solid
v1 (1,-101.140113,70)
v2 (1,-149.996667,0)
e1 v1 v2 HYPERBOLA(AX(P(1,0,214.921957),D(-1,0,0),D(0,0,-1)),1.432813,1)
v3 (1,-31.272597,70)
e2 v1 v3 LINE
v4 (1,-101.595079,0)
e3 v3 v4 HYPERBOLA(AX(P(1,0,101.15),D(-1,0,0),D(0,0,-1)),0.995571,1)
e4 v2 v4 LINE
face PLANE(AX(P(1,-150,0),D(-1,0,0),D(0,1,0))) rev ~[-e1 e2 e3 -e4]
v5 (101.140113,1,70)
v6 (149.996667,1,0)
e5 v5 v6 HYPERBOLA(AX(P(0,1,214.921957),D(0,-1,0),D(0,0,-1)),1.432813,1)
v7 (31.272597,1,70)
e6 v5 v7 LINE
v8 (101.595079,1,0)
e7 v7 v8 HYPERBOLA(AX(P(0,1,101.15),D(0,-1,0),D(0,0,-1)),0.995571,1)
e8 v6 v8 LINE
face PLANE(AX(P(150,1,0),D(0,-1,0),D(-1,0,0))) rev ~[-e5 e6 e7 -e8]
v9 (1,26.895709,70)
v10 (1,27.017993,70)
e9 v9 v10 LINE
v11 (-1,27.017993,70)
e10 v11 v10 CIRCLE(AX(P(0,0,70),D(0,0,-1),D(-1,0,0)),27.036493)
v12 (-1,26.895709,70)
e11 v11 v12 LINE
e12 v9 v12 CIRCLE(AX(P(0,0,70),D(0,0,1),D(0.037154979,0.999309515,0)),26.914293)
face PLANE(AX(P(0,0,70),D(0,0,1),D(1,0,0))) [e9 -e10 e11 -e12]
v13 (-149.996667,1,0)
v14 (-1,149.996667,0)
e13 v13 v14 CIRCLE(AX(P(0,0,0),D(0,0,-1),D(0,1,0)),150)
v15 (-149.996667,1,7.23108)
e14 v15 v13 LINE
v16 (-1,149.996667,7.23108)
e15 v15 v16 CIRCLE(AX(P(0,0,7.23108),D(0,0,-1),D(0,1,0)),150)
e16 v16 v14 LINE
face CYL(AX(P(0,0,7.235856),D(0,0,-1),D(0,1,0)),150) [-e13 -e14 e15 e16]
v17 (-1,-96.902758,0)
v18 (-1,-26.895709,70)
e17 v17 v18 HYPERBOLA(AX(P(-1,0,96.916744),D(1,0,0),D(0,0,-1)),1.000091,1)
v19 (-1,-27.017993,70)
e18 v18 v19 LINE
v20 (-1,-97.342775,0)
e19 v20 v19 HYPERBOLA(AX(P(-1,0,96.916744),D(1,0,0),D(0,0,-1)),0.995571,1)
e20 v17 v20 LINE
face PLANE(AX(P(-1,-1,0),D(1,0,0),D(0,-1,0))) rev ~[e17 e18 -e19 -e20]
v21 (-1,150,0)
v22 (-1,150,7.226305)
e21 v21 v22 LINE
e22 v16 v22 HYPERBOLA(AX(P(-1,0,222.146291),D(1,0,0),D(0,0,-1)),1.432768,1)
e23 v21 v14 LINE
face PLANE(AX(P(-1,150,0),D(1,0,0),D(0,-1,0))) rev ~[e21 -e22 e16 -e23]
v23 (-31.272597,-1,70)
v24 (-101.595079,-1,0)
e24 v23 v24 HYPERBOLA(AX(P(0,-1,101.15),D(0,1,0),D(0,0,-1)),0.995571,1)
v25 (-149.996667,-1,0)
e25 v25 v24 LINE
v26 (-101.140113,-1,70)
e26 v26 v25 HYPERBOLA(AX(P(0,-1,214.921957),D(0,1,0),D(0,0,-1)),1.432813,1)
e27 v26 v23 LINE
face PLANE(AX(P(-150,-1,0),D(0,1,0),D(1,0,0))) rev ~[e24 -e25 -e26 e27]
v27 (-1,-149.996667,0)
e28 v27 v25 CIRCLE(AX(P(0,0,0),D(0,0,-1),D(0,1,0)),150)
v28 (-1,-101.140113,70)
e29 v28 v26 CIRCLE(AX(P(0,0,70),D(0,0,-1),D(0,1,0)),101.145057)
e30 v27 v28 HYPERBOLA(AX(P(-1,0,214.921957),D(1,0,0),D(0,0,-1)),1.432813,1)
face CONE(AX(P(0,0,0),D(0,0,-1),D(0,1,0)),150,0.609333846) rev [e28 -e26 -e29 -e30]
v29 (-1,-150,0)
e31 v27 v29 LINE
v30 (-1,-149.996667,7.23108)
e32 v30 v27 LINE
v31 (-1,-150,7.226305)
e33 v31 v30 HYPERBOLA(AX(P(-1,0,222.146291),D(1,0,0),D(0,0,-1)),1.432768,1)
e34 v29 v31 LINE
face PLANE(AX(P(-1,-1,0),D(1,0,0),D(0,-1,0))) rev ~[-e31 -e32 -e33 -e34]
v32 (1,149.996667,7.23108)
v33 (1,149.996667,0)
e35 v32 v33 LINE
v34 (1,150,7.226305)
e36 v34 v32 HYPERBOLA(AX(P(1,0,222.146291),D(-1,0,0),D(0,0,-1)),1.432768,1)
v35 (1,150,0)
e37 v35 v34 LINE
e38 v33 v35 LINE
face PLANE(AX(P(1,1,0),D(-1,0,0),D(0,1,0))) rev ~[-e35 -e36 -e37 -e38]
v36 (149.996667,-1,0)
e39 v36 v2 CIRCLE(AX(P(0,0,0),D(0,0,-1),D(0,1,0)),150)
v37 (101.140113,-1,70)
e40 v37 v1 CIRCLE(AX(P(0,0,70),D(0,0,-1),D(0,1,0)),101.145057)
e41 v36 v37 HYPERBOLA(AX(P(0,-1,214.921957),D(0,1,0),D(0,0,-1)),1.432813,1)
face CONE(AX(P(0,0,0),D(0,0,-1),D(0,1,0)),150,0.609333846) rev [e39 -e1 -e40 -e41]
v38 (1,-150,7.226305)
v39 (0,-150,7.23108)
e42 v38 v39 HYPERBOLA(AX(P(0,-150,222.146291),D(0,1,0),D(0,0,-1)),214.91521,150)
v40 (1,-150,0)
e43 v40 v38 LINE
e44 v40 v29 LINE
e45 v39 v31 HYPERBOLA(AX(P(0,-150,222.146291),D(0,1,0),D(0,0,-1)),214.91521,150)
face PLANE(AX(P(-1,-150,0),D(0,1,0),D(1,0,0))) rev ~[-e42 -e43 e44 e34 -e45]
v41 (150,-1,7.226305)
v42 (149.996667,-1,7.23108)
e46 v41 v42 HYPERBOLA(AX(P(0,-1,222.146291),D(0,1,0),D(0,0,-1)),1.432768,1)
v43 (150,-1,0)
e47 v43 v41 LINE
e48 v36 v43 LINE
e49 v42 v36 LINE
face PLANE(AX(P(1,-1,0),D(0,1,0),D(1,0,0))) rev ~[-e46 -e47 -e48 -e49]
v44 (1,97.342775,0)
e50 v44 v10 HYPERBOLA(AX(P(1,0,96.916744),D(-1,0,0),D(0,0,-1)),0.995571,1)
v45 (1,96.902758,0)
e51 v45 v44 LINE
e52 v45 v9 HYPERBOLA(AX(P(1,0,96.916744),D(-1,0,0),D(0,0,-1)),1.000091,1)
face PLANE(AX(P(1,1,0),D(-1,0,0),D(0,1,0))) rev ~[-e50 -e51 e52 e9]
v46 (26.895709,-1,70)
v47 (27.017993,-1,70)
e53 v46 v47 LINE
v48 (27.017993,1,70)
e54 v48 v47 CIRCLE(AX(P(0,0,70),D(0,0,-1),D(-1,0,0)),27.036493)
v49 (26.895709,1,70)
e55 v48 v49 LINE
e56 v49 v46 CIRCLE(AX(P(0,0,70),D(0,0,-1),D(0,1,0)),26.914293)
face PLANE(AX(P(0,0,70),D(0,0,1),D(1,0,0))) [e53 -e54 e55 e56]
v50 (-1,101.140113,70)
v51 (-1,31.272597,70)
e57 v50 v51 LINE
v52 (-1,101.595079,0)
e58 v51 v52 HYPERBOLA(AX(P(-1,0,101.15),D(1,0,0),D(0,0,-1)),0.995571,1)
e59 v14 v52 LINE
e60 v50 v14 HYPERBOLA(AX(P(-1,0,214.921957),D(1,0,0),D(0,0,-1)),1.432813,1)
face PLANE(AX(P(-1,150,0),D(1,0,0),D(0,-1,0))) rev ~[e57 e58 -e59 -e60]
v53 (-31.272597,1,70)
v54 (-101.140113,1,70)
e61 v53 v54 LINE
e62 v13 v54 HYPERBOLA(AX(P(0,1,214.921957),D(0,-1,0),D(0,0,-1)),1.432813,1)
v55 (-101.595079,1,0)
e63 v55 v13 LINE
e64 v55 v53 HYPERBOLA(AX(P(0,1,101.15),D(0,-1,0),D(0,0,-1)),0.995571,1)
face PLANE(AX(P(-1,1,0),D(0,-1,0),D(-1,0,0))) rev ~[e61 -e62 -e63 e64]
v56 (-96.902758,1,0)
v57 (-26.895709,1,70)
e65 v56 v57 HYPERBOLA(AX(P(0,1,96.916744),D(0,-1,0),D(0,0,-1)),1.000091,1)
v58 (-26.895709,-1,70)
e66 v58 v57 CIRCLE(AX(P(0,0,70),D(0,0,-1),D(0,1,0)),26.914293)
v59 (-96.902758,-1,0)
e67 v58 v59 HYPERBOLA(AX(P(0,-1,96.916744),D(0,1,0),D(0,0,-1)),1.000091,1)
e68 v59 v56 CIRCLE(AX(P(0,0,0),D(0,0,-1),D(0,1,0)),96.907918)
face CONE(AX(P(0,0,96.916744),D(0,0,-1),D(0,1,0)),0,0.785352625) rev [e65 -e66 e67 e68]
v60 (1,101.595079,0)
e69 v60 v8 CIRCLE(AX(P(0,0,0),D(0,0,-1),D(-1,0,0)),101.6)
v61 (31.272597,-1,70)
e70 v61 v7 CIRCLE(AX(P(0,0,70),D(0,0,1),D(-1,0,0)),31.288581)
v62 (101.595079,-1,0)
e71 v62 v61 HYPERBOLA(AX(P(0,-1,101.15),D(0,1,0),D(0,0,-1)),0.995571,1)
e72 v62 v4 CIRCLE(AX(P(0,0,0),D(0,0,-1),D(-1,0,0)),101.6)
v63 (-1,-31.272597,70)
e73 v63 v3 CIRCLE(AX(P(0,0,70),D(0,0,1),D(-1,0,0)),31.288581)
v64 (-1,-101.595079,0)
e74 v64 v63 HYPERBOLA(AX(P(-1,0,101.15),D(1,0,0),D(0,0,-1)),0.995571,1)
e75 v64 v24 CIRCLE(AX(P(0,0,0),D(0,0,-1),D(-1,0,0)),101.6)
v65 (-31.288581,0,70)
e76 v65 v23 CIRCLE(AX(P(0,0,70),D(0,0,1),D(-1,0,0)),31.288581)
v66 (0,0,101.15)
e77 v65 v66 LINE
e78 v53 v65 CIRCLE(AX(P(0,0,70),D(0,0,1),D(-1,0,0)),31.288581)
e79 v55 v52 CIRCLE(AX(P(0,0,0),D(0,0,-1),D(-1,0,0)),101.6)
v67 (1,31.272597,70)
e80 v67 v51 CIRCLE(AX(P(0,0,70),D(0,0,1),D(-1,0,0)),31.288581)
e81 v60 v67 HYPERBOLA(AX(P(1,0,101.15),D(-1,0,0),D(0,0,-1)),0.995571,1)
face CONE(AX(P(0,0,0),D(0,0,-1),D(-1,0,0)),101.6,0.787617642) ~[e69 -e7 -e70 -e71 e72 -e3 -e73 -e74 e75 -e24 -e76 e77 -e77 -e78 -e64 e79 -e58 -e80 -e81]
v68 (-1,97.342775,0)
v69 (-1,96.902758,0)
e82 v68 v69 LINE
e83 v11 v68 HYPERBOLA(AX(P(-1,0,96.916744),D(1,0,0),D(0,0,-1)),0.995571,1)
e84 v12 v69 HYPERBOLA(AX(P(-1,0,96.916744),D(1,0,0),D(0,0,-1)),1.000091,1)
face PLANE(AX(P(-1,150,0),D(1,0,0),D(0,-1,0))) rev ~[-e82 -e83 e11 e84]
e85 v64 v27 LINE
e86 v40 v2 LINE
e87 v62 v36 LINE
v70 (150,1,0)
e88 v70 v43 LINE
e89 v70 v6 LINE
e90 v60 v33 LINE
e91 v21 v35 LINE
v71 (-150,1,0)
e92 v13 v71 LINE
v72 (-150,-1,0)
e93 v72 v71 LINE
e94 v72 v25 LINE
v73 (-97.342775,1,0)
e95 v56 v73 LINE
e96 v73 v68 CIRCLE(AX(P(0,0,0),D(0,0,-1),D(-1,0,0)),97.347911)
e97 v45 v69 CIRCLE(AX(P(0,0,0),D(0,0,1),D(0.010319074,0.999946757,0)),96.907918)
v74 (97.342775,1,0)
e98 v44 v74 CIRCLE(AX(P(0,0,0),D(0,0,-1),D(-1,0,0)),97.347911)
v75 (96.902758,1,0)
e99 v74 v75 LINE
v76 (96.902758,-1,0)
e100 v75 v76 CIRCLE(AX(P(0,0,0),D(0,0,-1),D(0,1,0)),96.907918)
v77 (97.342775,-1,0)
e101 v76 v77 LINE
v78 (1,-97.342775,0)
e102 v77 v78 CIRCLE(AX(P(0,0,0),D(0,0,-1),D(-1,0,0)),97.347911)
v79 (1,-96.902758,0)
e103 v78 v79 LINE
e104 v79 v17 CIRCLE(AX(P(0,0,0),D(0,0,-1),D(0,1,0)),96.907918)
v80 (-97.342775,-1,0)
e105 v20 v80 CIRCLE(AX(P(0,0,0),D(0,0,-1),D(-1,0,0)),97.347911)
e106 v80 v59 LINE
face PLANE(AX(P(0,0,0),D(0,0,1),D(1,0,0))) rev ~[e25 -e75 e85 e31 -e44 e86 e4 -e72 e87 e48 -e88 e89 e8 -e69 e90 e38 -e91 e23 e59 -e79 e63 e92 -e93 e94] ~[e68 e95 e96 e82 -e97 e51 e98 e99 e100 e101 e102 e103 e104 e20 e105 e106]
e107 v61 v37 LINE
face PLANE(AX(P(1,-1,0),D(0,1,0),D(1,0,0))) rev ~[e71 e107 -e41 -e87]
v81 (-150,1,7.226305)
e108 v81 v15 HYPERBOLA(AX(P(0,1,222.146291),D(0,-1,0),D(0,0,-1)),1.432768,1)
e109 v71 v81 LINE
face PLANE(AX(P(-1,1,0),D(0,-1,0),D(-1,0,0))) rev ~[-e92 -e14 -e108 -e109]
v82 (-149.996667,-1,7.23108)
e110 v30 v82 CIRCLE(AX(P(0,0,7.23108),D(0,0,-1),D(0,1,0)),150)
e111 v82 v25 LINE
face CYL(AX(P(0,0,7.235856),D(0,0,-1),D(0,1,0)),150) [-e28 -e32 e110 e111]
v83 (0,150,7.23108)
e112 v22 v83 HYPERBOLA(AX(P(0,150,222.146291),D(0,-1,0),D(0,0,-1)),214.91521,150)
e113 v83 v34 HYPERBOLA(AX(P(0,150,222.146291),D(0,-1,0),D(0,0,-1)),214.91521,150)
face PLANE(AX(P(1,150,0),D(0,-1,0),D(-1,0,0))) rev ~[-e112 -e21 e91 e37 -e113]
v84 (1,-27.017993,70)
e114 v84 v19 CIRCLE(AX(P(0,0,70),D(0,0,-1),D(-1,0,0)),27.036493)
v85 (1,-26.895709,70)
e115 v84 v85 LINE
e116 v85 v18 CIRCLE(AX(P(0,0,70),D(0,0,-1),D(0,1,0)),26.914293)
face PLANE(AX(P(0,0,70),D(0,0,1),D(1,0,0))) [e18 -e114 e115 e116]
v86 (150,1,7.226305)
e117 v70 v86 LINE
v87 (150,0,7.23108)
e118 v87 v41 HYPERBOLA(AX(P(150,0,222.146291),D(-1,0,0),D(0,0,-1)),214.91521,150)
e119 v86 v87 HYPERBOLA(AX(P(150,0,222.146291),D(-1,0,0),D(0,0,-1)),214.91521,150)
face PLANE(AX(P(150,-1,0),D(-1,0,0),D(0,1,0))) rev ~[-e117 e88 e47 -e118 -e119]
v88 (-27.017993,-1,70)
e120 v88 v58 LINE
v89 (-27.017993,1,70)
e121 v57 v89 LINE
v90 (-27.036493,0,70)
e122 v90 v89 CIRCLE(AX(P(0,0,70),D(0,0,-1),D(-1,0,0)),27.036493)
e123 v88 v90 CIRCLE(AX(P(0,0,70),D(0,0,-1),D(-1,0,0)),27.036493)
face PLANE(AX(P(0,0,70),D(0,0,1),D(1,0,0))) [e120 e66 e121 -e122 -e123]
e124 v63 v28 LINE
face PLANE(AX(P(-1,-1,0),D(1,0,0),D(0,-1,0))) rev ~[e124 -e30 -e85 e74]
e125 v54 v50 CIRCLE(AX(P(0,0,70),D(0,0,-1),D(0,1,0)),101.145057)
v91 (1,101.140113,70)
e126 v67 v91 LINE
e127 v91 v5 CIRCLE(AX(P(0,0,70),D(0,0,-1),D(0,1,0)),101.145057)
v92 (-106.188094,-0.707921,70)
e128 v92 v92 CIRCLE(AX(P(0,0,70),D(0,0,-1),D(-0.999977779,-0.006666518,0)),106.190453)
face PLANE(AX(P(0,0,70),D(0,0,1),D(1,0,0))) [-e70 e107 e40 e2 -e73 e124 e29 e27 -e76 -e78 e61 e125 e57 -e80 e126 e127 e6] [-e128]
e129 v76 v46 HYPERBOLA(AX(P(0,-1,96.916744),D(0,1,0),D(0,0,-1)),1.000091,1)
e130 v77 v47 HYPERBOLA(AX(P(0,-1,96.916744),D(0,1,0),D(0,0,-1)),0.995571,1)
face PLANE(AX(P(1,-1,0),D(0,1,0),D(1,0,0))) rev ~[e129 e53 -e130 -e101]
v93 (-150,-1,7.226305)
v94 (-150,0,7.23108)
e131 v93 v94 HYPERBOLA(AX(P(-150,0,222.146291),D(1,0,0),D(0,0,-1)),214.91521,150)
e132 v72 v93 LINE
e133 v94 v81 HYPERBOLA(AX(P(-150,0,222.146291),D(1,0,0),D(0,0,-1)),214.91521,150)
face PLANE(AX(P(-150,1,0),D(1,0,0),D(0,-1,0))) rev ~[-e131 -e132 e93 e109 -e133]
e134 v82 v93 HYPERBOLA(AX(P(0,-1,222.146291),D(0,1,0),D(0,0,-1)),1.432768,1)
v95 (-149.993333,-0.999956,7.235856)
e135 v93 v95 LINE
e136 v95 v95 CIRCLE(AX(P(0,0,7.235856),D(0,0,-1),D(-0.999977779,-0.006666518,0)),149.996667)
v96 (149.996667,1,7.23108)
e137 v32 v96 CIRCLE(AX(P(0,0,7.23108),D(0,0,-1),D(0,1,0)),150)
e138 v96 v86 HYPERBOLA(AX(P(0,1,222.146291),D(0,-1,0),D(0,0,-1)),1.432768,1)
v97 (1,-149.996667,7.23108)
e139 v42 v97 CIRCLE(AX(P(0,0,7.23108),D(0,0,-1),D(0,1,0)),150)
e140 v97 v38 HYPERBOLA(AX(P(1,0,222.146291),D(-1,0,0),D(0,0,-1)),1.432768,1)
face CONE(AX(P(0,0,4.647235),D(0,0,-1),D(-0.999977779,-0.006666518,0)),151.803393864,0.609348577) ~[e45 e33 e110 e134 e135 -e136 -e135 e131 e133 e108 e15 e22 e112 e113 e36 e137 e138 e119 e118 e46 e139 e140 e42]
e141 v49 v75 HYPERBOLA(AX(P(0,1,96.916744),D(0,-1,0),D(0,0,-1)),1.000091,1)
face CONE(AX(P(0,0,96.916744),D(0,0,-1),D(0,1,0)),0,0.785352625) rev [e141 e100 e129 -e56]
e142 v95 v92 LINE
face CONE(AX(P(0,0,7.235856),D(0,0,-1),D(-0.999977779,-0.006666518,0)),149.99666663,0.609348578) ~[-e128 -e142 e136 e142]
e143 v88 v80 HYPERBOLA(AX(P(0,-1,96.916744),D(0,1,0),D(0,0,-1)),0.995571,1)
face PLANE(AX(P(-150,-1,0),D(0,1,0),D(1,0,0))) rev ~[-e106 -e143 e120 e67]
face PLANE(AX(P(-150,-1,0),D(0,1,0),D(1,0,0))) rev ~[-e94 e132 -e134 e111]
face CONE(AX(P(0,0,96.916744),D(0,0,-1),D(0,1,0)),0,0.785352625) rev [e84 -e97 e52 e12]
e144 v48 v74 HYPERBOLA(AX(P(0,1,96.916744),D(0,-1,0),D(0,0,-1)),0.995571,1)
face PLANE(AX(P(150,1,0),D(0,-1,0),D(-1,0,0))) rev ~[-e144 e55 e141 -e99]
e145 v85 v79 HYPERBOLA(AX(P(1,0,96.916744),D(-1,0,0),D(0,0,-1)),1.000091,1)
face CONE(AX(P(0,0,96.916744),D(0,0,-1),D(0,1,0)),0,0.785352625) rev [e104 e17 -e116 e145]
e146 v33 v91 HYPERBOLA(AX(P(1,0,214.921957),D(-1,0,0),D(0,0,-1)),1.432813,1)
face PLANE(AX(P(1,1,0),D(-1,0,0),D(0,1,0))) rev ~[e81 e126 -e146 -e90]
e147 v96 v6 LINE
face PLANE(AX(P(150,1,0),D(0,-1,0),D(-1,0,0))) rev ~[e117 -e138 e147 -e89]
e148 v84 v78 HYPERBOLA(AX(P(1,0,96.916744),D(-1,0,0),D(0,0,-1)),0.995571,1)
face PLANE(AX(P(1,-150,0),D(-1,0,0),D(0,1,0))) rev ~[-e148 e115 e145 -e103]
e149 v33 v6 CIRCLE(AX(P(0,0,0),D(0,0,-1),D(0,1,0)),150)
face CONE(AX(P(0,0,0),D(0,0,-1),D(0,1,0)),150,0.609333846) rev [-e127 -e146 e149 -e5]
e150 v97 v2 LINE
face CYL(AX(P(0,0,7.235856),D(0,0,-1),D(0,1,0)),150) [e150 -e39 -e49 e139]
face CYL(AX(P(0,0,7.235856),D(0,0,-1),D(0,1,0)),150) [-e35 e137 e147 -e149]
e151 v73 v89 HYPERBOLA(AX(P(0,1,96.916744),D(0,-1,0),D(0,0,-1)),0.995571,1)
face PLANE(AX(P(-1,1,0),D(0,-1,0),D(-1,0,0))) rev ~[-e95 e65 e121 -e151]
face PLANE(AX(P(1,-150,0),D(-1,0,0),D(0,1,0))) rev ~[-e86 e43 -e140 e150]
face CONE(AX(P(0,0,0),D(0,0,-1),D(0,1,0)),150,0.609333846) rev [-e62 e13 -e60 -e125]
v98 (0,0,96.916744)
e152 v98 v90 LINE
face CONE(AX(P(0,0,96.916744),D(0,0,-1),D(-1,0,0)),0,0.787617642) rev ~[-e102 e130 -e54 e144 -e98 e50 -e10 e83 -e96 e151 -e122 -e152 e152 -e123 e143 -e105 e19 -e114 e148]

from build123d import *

# Parameters (mm, degrees)
BOSS_EXTRUDE1_DEPTH = 70


with BuildPart() as part:
    # Sketch1 → Revolve1 (revolve)
    with BuildSketch(Plane(origin=(0, 0, 0), x_dir=(0, 0, -1), z_dir=(1, 0, 0)), mode=Mode.PRIVATE) as revolve1_sk:
        Polygon((0, 101.6), (-101.15, 0), (-96.916744498, 0), (0, 97.347911428), align=None)
    revolve(revolve1_sk.sketch.rotate(Axis((0, 0, 101.15), (0, 0, -1)), 270), axis=Axis((0, 0, 101.15), (0, 0, -1)))

    # Sketch3 → Boss-Extrude1 (add)
    with BuildSketch(Plane.XY):
        Polygon((-1, 1), (-150, 1), (-150, -1), (-1, -1), (-1, -150), (1, -150), (1, -1), (150, -1), (150, 1), (1, 1), (1, 150), (-1, 150), align=None)
    extrude(amount=BOSS_EXTRUDE1_DEPTH)

    # Sketch5 → Cut-Revolve1 (revolve, cut)
    with BuildSketch(Plane(origin=(0, 0, 0), x_dir=(0, 0, -1), z_dir=(1, 0, 0))):
        Polygon((-96.916744498, 0), (6.133899753, 103.041259066), (0, 0), align=None)
    revolve(axis=Axis((0, 0, 0), (0, 0, 1)), mode=Mode.SUBTRACT)

    # Sketch6 → Revolve2 (revolve)
    with BuildSketch(Plane(origin=(0, 0, 0), x_dir=(0, 0, -1), z_dir=(1, 0, 0))):
        Polygon((0, 150), (-70, 101.145056725), (-70, 106.195161711), (-7.235856299, 150), align=None)
    revolve(axis=Axis((0, 0, 106.204880544), (0, 0, -1)))

    # Sketch7 → Cut-Revolve2 (revolve, cut)
    with BuildSketch(Plane(origin=(0, 0, 0), x_dir=(0, 0, -1), z_dir=(1, 0, 0)), mode=Mode.PRIVATE) as cut_revolve2_sk:
        Polygon((-7.235856299, 149.99666663), (-70, 106.190453294), (-70, 150), (-70, 151.803393864), (-4.647235207, 151.803393864), align=None)
    revolve(cut_revolve2_sk.sketch.rotate(Axis((0, 0, 108.547255844), (0, 0, -1)), 269.618033807), axis=Axis((0, 0, 108.547255844), (0, 0, -1)), mode=Mode.SUBTRACT)


solid = part.part
